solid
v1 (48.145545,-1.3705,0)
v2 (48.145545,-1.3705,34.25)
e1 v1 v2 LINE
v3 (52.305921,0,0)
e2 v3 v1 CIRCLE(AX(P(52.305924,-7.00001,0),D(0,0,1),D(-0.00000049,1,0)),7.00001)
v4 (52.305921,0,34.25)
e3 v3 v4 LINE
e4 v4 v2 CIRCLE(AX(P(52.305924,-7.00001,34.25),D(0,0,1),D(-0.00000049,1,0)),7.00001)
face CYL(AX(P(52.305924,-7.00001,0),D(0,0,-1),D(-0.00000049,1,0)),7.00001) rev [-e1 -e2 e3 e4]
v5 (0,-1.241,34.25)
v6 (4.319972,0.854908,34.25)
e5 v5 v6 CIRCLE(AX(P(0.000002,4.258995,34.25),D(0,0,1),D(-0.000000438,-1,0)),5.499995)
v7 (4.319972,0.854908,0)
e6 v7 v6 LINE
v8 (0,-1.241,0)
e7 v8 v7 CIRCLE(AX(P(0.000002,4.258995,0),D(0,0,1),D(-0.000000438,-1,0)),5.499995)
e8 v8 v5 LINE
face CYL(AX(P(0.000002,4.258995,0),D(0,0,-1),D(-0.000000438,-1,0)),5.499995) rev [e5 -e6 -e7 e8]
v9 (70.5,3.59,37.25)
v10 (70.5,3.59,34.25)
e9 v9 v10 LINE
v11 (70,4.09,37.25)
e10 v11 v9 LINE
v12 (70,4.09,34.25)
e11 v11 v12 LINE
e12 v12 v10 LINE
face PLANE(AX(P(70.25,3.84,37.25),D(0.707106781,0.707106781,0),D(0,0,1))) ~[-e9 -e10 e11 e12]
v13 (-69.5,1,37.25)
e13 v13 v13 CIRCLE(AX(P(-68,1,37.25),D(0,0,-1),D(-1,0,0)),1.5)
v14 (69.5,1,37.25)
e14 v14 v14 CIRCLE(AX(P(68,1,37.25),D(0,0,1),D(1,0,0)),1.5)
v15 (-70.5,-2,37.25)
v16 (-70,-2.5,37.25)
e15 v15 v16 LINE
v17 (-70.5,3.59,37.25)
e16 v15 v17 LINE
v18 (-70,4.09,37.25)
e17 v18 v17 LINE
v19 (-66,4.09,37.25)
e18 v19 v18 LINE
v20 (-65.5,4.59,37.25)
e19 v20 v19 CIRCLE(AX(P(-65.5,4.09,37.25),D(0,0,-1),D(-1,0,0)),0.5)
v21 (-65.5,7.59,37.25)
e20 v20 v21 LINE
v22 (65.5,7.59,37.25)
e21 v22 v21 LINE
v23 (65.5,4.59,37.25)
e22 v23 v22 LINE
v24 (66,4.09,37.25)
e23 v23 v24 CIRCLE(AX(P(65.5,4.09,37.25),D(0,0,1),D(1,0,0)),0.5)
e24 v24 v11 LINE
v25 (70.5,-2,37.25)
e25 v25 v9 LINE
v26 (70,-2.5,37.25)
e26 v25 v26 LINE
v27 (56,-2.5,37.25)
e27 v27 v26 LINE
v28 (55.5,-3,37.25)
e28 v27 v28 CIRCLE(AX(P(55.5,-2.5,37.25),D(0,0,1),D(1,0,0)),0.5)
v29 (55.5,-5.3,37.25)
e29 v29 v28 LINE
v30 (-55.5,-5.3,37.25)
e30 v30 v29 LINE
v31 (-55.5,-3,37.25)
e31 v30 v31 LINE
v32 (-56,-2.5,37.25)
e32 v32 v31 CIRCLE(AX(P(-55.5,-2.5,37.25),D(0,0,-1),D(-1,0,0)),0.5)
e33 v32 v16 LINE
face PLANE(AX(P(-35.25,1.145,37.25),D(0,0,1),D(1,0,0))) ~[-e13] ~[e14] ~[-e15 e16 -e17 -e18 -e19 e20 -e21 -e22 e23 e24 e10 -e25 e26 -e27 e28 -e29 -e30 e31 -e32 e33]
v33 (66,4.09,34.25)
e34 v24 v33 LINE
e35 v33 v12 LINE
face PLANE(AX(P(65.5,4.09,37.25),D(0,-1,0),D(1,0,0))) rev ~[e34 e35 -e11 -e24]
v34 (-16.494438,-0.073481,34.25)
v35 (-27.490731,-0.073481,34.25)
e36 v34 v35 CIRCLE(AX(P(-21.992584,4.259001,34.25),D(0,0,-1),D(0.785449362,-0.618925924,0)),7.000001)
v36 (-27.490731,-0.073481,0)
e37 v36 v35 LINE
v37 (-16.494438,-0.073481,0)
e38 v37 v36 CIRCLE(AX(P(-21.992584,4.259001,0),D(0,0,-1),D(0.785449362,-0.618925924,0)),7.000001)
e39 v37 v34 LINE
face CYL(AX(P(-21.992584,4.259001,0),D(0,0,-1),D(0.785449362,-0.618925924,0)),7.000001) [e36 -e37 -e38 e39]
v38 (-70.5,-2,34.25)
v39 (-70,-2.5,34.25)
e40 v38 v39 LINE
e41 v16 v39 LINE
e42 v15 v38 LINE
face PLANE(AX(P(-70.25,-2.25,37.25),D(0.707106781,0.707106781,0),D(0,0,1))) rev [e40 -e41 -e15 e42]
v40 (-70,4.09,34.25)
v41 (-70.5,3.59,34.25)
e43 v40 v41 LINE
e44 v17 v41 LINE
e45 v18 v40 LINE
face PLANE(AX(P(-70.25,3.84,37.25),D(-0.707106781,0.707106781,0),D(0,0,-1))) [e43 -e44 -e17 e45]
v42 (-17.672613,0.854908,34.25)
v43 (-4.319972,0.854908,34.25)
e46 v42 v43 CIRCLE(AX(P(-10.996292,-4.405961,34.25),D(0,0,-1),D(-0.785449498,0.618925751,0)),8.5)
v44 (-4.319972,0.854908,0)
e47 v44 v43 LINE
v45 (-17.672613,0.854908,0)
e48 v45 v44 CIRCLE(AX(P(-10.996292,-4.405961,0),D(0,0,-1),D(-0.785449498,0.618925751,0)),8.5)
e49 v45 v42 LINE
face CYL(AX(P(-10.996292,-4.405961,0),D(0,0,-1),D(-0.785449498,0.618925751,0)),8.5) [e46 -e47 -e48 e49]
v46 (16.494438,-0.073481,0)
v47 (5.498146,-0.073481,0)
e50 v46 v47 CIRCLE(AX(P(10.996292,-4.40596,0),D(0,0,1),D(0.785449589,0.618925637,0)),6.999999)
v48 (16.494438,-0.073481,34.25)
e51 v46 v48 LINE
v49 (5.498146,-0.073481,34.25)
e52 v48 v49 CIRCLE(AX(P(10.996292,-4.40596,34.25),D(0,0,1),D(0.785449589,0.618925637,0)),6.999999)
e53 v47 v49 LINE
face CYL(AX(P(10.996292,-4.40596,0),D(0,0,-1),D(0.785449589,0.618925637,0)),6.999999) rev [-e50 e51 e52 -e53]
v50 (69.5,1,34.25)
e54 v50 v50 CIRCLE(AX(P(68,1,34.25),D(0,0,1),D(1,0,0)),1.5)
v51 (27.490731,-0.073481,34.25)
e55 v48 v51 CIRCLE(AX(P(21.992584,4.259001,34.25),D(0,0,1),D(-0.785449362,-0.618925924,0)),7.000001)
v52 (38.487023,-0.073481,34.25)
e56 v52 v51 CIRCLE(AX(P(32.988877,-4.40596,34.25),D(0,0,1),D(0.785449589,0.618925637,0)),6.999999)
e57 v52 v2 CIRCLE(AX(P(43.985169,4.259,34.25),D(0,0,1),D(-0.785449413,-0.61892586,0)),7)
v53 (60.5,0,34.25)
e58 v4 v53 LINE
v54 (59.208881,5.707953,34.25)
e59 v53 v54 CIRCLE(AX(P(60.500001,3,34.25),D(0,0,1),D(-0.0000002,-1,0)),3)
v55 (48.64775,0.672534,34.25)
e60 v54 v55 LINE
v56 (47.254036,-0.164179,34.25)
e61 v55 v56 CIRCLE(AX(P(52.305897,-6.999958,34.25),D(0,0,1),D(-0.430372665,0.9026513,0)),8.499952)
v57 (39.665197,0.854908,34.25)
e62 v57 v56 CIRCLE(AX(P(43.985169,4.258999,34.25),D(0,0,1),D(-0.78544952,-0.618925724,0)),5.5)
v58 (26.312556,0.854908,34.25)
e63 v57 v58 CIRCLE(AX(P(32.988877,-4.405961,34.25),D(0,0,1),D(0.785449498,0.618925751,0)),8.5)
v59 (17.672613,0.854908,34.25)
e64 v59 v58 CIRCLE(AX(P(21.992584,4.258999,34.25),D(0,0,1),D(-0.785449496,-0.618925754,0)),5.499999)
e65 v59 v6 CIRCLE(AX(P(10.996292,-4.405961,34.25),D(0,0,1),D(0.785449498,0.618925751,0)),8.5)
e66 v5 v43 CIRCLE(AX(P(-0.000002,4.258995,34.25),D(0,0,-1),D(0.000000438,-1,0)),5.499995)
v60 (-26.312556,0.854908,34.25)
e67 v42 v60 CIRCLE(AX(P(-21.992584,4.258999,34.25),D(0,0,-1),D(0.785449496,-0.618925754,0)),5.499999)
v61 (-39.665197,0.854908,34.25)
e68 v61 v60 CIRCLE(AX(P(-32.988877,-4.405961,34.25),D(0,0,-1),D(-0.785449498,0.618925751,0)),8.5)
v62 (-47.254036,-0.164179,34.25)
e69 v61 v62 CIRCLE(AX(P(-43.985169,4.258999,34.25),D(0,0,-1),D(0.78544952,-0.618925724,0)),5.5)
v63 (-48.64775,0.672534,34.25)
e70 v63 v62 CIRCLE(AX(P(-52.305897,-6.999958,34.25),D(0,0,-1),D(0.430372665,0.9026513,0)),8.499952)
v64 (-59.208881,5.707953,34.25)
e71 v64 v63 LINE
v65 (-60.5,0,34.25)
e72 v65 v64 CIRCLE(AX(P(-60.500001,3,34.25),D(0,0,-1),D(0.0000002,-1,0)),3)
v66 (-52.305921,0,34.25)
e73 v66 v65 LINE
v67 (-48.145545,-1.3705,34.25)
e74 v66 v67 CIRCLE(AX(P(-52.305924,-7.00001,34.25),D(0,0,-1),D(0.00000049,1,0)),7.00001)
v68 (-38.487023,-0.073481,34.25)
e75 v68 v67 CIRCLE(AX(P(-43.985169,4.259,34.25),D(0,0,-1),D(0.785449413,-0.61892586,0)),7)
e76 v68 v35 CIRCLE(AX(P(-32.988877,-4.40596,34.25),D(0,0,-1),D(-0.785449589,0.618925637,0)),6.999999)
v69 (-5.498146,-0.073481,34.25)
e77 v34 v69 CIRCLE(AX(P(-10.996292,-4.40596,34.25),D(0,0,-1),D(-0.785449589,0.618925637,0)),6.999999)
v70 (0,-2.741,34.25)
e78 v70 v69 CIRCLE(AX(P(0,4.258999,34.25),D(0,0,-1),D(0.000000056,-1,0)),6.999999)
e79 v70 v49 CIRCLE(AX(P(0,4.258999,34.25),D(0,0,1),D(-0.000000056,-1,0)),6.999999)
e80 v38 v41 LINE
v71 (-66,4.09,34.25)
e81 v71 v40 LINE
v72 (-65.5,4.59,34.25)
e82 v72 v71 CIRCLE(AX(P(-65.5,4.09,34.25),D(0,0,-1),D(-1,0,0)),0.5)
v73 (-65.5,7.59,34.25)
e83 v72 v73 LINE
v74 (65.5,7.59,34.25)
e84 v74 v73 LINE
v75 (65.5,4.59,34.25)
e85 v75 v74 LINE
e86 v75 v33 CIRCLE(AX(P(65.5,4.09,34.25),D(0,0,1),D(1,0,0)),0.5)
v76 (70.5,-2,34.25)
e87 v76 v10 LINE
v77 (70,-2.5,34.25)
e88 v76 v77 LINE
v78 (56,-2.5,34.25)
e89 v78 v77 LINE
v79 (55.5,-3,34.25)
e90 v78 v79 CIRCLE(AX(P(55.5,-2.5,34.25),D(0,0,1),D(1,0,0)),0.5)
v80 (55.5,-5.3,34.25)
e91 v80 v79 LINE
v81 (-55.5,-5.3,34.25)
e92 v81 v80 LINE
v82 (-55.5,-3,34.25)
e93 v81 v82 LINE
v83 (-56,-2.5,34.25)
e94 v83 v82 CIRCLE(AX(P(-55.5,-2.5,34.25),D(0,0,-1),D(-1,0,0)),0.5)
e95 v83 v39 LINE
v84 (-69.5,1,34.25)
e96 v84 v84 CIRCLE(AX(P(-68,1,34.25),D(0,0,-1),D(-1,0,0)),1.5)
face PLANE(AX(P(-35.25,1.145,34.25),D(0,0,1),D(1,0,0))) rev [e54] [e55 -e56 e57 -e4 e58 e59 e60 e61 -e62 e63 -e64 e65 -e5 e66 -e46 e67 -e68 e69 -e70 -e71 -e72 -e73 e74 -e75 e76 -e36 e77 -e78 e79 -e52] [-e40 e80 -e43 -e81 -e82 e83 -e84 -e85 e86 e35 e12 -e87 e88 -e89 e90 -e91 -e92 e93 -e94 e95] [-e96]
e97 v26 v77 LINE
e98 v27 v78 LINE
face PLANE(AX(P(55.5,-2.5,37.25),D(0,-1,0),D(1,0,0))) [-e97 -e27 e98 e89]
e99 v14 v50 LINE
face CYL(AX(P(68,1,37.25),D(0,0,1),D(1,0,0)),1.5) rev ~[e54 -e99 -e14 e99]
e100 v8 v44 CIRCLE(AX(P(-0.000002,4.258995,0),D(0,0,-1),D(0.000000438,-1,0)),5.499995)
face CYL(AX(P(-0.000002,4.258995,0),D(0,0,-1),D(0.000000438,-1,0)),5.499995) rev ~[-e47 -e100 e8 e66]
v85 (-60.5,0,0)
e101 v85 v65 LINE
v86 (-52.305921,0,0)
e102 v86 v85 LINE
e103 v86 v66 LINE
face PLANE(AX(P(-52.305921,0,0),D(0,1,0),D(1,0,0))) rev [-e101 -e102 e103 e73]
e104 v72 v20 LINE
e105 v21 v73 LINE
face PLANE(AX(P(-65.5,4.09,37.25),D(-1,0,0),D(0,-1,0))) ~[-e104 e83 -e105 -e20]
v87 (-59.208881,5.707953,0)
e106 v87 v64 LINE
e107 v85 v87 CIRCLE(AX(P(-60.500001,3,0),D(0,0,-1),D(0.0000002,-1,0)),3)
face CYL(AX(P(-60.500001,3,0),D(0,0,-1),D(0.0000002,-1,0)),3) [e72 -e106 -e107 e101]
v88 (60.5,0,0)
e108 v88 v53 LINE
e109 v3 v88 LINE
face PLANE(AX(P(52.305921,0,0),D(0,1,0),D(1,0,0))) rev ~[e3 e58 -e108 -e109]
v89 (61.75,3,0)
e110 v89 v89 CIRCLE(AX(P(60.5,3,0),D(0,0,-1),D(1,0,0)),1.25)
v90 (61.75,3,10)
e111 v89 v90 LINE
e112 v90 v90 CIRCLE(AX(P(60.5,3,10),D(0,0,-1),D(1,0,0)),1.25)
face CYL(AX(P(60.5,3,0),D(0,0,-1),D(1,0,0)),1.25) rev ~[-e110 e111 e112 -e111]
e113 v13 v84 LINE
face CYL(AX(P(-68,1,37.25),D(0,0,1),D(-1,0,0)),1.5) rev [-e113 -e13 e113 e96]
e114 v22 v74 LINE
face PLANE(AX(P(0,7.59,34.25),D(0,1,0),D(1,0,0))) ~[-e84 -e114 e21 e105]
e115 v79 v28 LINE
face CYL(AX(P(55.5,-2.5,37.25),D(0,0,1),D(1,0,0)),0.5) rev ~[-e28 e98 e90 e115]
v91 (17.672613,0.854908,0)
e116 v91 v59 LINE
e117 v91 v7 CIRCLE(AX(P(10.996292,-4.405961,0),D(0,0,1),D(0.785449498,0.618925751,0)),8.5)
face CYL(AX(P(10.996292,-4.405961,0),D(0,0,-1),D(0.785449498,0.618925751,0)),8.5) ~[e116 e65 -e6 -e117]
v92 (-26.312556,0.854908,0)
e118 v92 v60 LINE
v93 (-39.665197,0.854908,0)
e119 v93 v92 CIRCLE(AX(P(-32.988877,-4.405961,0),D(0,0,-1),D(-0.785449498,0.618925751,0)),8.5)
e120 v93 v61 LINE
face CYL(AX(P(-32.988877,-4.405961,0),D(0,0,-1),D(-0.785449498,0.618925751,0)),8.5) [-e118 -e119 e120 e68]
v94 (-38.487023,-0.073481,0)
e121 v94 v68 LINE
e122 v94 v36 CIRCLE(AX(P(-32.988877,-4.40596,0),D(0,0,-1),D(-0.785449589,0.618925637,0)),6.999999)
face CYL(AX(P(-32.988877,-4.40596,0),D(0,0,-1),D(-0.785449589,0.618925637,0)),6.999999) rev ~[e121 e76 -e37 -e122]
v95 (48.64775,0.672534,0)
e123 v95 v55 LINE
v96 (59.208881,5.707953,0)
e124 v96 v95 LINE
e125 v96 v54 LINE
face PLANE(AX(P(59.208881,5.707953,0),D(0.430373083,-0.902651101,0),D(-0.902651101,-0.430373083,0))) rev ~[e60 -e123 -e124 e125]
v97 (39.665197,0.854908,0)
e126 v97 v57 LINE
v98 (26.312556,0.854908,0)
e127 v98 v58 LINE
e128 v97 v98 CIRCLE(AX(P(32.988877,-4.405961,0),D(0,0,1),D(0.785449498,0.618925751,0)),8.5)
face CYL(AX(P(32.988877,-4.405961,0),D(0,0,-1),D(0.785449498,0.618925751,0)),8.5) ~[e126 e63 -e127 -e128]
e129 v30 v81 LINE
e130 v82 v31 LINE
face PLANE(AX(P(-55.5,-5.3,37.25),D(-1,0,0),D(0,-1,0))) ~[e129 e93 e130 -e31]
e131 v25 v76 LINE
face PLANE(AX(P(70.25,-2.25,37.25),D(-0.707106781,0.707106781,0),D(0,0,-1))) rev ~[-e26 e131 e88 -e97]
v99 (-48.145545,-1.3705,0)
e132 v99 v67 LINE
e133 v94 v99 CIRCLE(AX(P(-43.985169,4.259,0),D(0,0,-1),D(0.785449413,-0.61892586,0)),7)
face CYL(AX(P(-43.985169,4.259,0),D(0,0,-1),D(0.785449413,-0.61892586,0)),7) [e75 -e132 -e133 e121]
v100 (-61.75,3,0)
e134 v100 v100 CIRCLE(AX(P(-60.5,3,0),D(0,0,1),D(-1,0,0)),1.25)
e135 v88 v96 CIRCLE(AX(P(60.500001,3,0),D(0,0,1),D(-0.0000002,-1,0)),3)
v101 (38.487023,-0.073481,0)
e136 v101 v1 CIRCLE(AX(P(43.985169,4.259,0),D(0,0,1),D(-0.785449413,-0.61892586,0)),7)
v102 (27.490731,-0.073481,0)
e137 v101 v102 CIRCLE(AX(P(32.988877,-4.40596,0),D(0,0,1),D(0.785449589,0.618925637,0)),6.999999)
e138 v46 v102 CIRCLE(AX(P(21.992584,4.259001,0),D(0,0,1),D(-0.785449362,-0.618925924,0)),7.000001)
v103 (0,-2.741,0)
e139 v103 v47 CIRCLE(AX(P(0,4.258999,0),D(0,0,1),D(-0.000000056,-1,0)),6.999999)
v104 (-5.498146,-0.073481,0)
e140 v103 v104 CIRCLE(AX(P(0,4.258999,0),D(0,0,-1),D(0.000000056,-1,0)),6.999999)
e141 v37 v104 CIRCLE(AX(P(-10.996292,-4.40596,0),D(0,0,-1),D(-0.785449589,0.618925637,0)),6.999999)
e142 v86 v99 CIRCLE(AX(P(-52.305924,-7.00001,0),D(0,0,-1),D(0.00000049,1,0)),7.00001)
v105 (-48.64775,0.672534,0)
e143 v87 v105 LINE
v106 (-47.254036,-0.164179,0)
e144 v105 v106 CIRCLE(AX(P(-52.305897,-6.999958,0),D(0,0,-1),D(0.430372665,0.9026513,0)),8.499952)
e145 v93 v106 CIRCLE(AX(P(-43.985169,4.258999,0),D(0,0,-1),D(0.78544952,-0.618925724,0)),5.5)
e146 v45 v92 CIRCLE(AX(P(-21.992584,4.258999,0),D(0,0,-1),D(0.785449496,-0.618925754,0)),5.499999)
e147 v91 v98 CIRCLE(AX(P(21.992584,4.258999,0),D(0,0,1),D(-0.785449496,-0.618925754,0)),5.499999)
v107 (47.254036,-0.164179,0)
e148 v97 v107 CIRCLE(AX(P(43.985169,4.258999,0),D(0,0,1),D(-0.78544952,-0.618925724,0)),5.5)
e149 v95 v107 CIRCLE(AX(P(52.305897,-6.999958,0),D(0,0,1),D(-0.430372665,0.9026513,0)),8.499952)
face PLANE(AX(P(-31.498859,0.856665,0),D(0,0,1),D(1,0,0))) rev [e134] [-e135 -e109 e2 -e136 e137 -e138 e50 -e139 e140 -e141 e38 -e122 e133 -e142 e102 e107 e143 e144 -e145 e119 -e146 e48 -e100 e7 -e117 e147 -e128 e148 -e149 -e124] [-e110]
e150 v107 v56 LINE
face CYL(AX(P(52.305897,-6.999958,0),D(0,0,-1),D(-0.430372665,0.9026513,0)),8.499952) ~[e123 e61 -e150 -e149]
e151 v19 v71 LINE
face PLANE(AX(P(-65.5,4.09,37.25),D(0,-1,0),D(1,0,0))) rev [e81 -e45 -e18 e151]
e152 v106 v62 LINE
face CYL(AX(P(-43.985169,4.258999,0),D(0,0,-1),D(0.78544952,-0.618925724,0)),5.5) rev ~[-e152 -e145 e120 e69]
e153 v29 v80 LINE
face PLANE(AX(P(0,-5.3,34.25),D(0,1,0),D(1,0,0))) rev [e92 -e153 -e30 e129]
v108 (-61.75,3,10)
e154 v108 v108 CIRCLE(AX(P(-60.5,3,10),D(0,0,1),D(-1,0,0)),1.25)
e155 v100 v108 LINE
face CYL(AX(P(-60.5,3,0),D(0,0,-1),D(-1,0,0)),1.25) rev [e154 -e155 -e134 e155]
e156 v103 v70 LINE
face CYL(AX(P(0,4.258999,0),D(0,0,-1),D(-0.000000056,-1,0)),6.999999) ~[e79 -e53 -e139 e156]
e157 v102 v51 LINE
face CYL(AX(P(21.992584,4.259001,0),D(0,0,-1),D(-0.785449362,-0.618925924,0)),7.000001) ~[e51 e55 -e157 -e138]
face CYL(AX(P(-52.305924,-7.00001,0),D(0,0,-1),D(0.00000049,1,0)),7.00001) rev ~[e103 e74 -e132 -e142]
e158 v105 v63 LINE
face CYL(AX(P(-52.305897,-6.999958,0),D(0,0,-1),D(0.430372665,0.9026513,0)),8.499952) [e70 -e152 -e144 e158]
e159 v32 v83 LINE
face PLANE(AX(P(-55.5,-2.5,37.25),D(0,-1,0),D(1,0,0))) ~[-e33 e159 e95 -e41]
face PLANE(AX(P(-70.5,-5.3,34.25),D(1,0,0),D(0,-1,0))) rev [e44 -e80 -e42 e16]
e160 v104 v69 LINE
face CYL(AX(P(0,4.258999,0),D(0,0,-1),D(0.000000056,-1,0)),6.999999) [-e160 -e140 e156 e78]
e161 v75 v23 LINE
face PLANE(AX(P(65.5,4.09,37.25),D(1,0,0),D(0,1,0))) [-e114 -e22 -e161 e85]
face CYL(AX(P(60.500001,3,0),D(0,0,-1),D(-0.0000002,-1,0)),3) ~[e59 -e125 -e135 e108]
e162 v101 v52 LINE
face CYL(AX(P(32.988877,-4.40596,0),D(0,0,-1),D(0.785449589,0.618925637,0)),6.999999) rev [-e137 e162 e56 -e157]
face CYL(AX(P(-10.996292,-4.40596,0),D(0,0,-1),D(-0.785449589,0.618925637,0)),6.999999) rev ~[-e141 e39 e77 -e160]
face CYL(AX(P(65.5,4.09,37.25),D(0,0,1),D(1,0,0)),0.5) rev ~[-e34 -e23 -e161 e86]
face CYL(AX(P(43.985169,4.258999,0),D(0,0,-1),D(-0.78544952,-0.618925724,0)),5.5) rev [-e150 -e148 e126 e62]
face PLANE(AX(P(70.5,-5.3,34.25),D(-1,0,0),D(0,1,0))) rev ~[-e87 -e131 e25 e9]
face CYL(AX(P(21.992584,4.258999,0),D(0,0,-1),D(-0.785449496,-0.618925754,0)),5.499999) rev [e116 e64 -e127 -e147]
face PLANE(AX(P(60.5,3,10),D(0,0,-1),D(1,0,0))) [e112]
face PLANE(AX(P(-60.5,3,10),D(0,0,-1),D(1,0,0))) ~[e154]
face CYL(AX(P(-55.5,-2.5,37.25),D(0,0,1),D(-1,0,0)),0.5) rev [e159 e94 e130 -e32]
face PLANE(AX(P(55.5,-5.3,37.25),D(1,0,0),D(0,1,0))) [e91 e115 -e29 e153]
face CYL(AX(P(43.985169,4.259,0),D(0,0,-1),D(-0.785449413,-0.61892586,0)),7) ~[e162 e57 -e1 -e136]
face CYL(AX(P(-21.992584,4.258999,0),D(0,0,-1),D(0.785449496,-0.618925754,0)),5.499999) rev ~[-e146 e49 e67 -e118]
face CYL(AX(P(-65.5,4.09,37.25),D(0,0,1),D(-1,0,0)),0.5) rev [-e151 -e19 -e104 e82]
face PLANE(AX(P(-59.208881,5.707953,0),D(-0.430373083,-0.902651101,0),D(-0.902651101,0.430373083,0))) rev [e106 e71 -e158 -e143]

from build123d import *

# Parameters (mm, degrees)
PAD_DEPTH       = 34.25
SKETCH001_R     = 1.25
POCKET_DEPTH    = 10
SKETCH002_W     = 70.5
SKETCH002_H     = 12.89
PAD001_DEPTH    = 3
SKETCH003_W     = 15
SKETCH003_H     = 2.8
POCKET001_DEPTH = 37.251
SKETCH004_W     = 5
SKETCH004_H     = 3.5
POCKET002_DEPTH = 37.251
SKETCH005_R     = 1.5
POCKET003_DEPTH = 37.251
SKETCH006_R     = 0.5
POCKET004_DEPTH = 37.251
CHAMFER_SIZE    = 0.5


with BuildPart() as part:
    # Sketch → Pad (new body)
    with BuildSketch(Plane.XY):
        with BuildLine():
            Line((52.305921, 0), (60.5, 0))
            ThreePointArc((60.5, 0), (63.426078, 3.661869), (59.208881, 5.707953))
            Line((59.208881, 5.707953), (48.64775, 0.672534))
            ThreePointArc((48.64775, 0.672534), (47.930845, 0.287572), (47.254036, -0.164179))
            ThreePointArc((39.665197, 0.854908), (43.253158, -1.19207), (47.254036, -0.164179))
            ThreePointArc((39.665197, 0.854908), (32.988877, 4.094039), (26.312556, 0.854908))
            ThreePointArc((17.672613, 0.854908), (21.992584, -1.241), (26.312556, 0.854908))
            ThreePointArc((17.672613, 0.854908), (10.996292, 4.094039), (4.319972, 0.854908))
            ThreePointArc((0, -1.241), (2.400781, -0.689359), (4.319972, 0.854908))
            Line((0, -2.741), (0, -1.241))
            ThreePointArc((0, -2.741), (3.055539, -2.038911), (5.498146, -0.073481))
            ThreePointArc((16.494438, -0.073481), (10.996292, 2.594039), (5.498146, -0.073481))
            ThreePointArc((16.494438, -0.073481), (21.992584, -2.741), (27.490731, -0.073481))
            ThreePointArc((38.487023, -0.073481), (32.988877, 2.594039), (27.490731, -0.073481))
            ThreePointArc((38.487023, -0.073481), (43.053519, -2.678725), (48.145545, -1.3705))
            ThreePointArc((52.305921, 0), (50.115773, -0.351448), (48.145545, -1.3705))
        make_face()
    extrude(amount=PAD_DEPTH)

    # Sketch001 (on Face17 of Pad) → Pocket (cut)
    with BuildSketch(Plane(origin=(0, 0, 0), x_dir=(1, 0, 0), z_dir=(0, 0, -1))):
        with Locations((60.5, -3)):
            Circle(SKETCH001_R)
    extrude(amount=-POCKET_DEPTH, mode=Mode.SUBTRACT)

    # Sketch002 (on Face5 of Pocket) → Pad001 (join)
    with BuildSketch(Plane.XY.offset(34.25)):
        with Locations((35.25, 1.145)):
            Rectangle(SKETCH002_W, SKETCH002_H)
    extrude(amount=PAD001_DEPTH)

    # Sketch003 (on Face23 of Pad001) → Pocket001 (cut, through all)
    with BuildSketch(Plane.XY.offset(37.25)):
        with Locations((63, -3.9)):
            Rectangle(SKETCH003_W, SKETCH003_H)
    extrude(amount=-POCKET001_DEPTH, mode=Mode.SUBTRACT)

    # Sketch004 (on Face25 of Pocket001) → Pocket002 (cut, through all)
    with BuildSketch(Plane.XY.offset(37.25)):
        with Locations((68, 5.84)):
            Rectangle(SKETCH004_W, SKETCH004_H)
    extrude(amount=-POCKET002_DEPTH, mode=Mode.SUBTRACT)

    # Sketch005 (on Face27 of Pocket002) → Pocket003 (cut, through all)
    with BuildSketch(Plane.XY.offset(37.25)):
        with Locations((68, 1)):
            Circle(SKETCH005_R)
    extrude(amount=-POCKET003_DEPTH, mode=Mode.SUBTRACT)

    # Sketch006 (on Face28 of Pocket003) → Pocket004 (cut, through all)
    with BuildSketch(Plane.XY.offset(37.25)):
        with Locations((65.5, 4.09)):
            Circle(SKETCH006_R)
        with Locations((55.5, -2.5)):
            Circle(SKETCH006_R)
    extrude(amount=-POCKET004_DEPTH, mode=Mode.SUBTRACT)

    # Chamfer
    chamfer_edges = [part.edges().sort_by_distance(p)[0] for p in [
        (70.5, 4.09, 35.75),
        (70.5, -2.5, 35.75),
    ]]
    chamfer(chamfer_edges, length=CHAMFER_SIZE)

    # Mirrored: part across YZ


with BuildPart() as part_1:
    add(part.part)
    add(part.part.mirror(Plane.YZ))


solid = part_1.part
